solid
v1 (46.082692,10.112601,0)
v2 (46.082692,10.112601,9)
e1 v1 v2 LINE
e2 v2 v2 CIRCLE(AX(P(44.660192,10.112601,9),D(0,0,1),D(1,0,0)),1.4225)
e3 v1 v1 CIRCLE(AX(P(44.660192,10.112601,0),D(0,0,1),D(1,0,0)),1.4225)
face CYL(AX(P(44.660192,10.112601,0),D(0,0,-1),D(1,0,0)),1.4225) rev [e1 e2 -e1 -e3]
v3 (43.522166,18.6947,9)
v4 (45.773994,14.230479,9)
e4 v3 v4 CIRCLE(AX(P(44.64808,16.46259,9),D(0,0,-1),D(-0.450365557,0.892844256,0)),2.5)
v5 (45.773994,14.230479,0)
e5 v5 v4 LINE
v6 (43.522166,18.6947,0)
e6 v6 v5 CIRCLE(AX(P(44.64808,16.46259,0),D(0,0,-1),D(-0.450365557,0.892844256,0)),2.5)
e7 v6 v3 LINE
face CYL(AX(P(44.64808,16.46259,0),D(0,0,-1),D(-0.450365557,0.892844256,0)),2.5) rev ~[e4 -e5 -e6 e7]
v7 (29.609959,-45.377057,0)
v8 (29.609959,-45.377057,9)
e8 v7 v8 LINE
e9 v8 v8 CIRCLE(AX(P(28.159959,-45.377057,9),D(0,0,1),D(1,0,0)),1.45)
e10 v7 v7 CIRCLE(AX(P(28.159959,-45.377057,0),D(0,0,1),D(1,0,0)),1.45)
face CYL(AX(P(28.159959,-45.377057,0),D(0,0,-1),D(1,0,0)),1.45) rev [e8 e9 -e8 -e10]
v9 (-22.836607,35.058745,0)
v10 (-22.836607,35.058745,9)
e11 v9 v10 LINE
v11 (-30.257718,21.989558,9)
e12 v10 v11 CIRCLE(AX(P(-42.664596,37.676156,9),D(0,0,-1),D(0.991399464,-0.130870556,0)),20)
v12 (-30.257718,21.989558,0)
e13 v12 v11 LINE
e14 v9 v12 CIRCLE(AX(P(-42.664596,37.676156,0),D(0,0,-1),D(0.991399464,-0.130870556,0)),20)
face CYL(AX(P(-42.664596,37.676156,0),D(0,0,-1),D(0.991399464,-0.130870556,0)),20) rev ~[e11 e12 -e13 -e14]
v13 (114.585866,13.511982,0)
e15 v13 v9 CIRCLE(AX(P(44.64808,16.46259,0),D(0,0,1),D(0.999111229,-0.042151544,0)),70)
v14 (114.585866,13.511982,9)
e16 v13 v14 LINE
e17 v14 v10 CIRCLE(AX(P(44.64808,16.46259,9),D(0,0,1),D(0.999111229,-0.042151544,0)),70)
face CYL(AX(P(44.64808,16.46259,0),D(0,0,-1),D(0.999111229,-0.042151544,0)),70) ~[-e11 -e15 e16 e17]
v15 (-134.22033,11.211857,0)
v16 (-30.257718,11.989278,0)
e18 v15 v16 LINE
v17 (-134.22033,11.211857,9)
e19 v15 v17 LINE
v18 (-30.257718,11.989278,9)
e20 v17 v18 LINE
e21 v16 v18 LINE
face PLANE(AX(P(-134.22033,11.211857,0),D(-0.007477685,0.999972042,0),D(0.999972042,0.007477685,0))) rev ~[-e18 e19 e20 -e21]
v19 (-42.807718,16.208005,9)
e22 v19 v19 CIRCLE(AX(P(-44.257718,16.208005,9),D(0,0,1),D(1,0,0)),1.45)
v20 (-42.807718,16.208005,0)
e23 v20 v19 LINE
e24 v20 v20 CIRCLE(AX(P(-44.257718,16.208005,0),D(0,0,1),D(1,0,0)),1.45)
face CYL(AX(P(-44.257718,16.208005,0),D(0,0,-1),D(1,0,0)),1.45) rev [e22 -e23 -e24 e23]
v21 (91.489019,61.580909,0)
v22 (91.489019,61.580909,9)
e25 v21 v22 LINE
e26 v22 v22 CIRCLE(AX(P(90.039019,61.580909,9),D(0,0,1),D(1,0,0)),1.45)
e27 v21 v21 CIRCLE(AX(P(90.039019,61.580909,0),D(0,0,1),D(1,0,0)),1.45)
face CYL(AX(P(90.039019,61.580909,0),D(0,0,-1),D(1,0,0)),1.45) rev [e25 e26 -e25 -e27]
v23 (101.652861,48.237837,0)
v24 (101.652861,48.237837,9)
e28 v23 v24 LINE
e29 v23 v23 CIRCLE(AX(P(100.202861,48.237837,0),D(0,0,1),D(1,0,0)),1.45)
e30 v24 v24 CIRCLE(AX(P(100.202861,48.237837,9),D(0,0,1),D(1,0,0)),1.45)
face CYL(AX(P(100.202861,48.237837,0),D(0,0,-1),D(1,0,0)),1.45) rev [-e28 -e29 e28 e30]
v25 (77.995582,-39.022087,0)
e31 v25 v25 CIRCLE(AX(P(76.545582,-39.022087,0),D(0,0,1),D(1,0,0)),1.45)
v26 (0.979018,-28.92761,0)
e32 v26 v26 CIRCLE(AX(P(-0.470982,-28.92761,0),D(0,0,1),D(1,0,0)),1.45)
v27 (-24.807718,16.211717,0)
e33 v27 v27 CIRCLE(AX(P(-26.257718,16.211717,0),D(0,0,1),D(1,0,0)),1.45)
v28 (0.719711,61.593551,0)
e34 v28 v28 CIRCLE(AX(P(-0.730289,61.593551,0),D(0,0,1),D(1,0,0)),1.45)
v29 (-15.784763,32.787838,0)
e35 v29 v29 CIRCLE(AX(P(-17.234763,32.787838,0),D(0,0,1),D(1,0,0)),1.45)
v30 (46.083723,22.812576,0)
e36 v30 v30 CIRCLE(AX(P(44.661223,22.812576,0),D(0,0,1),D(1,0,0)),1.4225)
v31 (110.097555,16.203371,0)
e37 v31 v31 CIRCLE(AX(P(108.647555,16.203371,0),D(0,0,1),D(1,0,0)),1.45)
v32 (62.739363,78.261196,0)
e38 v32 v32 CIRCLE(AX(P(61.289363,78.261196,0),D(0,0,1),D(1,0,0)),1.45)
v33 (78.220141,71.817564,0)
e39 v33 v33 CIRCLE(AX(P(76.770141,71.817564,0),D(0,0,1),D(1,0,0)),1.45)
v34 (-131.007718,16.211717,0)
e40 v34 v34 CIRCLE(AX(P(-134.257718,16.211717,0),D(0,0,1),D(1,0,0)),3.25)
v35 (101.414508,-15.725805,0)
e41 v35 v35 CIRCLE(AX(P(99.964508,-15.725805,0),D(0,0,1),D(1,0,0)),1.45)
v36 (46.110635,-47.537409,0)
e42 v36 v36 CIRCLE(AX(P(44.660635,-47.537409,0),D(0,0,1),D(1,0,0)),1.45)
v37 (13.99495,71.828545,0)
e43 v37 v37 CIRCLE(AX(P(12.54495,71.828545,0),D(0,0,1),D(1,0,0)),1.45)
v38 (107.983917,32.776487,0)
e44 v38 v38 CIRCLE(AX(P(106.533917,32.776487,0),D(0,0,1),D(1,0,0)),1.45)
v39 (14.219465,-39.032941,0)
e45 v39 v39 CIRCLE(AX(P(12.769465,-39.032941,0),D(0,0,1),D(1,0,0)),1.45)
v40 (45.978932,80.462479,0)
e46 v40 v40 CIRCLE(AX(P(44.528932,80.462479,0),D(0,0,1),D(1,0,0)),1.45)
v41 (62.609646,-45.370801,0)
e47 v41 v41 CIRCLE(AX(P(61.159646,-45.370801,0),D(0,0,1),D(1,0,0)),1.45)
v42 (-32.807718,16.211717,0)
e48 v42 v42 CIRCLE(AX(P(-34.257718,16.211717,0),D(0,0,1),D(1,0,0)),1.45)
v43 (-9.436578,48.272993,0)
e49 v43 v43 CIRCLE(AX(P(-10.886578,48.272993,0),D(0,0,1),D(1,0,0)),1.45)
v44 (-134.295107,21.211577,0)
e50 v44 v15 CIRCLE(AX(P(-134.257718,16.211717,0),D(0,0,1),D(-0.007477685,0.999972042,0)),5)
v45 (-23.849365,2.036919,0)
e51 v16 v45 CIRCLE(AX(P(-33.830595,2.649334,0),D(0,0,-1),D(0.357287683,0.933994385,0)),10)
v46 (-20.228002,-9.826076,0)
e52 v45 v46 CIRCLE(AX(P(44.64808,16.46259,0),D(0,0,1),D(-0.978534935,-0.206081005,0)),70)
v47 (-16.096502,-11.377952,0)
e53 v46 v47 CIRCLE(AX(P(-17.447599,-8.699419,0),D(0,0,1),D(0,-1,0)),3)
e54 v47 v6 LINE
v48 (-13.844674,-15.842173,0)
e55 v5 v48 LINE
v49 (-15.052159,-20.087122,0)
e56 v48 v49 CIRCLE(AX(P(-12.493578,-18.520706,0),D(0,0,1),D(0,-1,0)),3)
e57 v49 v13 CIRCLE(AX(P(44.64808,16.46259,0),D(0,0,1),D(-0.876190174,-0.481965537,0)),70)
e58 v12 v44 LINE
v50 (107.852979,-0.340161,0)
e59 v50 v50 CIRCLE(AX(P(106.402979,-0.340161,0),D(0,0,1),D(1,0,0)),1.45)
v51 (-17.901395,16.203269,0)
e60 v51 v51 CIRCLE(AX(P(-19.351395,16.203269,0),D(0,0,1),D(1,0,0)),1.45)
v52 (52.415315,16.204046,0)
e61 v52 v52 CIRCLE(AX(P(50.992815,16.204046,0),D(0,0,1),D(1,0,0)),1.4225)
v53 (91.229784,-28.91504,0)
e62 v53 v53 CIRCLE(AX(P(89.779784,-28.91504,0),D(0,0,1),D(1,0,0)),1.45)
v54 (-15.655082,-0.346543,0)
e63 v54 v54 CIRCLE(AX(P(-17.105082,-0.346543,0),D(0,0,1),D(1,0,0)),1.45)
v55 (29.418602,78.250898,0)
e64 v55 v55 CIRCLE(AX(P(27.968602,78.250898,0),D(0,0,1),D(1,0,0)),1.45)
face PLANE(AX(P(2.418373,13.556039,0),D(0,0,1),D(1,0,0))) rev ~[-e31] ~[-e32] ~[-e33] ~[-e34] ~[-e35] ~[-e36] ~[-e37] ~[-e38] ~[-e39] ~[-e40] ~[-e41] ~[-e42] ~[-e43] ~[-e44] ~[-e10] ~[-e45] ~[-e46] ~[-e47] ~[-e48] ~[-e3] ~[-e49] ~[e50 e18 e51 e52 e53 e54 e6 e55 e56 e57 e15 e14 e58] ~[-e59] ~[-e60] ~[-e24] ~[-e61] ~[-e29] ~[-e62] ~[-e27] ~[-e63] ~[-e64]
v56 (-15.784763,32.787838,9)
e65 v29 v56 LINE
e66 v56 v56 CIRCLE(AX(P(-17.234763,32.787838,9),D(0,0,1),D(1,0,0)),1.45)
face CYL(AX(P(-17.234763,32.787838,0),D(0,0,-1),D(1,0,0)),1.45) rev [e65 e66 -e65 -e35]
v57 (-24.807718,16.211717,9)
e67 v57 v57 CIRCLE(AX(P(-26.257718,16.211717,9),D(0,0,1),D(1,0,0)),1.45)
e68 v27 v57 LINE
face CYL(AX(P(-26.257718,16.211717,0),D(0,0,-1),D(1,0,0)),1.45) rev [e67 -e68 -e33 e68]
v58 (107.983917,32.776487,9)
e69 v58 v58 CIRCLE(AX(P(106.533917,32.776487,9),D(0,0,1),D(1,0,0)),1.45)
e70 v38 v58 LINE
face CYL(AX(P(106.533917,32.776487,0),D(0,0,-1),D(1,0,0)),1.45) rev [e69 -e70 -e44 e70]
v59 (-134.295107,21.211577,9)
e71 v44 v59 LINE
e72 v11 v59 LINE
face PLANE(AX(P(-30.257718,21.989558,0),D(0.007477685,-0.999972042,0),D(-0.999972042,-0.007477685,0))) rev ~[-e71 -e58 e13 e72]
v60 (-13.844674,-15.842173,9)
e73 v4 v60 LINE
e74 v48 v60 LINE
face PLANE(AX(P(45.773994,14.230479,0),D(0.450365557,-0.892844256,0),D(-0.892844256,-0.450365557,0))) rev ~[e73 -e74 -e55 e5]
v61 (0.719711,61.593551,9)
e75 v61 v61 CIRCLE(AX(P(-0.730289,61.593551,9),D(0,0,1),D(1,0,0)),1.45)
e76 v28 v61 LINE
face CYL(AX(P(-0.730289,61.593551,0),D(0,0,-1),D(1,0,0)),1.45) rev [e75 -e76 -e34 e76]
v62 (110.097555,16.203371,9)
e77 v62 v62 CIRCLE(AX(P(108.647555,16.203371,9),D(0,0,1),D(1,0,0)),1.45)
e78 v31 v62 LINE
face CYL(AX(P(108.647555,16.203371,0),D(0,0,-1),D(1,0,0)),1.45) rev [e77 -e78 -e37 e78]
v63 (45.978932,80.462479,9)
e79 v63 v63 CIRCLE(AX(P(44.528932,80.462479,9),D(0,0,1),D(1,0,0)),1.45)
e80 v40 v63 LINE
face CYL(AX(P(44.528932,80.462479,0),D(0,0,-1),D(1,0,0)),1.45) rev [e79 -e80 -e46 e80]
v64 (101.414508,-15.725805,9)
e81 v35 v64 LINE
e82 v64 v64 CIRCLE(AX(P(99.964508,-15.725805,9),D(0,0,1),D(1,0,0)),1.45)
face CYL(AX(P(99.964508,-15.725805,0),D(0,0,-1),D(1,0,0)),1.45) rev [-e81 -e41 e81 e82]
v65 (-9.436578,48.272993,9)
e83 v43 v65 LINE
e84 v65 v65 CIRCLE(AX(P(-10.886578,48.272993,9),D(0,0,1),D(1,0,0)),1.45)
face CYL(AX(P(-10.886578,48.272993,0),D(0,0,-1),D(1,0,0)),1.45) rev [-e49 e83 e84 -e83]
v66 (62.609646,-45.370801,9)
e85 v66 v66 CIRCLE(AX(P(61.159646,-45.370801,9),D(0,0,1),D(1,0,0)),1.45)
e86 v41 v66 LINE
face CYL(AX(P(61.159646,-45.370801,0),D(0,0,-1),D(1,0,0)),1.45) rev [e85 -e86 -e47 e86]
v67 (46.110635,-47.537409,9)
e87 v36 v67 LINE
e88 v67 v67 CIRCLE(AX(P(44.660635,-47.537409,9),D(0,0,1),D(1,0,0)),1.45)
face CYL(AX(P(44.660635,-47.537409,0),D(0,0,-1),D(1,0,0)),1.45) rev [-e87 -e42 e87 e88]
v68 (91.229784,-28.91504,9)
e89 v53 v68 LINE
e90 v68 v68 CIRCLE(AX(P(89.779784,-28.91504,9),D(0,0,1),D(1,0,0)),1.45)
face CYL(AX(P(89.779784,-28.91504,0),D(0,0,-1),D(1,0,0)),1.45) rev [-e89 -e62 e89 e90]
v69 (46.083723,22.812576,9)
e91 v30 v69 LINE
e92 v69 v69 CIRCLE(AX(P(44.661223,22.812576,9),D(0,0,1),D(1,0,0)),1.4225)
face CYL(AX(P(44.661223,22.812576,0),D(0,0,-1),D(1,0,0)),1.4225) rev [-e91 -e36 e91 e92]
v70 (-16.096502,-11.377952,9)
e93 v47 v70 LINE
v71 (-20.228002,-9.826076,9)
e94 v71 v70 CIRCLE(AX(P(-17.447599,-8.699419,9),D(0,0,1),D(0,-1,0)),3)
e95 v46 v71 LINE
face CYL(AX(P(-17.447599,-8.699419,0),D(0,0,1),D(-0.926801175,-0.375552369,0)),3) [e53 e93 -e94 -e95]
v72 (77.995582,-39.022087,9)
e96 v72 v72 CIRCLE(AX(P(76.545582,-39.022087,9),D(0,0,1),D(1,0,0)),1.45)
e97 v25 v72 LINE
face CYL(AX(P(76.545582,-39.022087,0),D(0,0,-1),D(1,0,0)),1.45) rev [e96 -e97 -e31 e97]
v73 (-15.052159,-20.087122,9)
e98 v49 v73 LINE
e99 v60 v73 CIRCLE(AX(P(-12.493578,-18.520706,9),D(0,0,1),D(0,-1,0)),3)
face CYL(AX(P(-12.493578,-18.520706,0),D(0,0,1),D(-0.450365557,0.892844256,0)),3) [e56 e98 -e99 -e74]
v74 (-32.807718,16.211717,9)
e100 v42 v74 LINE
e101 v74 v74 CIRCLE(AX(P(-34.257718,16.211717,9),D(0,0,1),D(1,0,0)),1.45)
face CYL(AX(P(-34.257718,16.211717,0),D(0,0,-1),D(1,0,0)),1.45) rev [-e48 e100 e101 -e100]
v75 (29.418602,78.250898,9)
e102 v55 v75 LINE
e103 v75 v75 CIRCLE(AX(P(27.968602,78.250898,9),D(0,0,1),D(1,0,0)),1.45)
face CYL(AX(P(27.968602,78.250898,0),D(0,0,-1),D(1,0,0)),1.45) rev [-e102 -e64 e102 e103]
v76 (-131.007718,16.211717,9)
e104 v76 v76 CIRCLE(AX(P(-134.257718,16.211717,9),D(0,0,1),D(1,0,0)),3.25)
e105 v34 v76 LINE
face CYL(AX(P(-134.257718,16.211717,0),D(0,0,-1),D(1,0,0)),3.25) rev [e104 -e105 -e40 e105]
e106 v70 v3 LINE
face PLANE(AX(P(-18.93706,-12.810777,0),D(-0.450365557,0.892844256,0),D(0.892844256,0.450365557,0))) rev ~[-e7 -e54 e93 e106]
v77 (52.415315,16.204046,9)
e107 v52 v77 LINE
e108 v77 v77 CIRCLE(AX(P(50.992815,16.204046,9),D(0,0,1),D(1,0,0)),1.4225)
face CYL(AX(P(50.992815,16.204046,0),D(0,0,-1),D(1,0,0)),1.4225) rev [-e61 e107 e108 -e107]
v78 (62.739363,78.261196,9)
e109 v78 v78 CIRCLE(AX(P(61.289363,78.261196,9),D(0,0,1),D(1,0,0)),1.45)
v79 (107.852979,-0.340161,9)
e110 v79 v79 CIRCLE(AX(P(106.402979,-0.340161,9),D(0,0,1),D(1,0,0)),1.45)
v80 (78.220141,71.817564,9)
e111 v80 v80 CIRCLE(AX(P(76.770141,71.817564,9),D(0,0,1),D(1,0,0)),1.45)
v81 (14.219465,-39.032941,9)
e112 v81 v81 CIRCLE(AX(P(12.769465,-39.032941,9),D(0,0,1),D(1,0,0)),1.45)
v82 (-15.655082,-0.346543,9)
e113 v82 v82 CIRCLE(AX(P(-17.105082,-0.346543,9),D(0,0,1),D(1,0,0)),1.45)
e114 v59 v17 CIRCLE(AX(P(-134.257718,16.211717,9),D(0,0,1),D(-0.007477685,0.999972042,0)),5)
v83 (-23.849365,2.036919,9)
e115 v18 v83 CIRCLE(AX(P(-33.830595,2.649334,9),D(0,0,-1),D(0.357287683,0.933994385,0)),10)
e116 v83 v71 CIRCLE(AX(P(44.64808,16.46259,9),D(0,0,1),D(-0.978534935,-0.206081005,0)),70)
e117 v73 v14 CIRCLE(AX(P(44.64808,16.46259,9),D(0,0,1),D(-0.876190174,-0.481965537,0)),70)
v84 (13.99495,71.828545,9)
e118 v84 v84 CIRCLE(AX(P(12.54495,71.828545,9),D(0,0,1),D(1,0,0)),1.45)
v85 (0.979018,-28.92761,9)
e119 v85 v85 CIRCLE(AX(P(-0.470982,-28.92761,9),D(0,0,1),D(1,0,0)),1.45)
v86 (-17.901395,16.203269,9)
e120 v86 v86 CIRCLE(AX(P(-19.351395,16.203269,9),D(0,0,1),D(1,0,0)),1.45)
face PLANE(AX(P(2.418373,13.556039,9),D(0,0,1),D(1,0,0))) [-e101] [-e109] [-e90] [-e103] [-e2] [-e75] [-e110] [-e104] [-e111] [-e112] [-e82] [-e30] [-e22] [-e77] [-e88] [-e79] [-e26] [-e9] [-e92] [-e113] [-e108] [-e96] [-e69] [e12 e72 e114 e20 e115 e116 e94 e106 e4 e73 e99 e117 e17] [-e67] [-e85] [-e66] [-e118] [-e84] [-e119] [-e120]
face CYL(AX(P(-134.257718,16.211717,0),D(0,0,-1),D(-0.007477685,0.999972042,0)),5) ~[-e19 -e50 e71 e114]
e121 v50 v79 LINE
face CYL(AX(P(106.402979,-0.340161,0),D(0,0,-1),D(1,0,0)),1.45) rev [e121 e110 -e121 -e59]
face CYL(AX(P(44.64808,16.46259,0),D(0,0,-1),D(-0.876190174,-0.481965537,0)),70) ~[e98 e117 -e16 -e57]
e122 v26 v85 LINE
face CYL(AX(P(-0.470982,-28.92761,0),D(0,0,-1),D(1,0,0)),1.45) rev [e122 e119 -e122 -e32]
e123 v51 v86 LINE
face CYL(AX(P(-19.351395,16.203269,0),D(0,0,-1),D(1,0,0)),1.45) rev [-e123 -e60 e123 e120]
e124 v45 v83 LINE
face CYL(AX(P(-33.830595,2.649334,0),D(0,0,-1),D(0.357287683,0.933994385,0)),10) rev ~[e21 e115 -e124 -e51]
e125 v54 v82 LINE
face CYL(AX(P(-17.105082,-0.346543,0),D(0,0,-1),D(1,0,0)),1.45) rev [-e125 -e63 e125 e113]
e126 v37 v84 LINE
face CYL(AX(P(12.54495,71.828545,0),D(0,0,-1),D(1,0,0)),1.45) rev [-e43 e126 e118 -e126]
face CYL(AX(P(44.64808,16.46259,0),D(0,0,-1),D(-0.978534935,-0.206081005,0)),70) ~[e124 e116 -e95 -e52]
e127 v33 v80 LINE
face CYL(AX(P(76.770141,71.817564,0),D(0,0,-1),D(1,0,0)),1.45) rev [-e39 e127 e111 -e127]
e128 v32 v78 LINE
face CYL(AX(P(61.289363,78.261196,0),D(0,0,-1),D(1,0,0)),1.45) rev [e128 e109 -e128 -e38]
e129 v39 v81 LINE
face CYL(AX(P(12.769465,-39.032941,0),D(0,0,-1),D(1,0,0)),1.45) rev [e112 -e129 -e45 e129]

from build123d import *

# Parameters (mm, degrees)
SKETCH1_R           = 1.4225
SKETCH1_R_2         = 1.450000001
SKETCH1_R_3         = 3.250000001
SKETCH1_R_4         = 1.45
BOSS_EXTRUDE2_DEPTH = 9
FILLET1_R           = 3
FILLET2_R           = 3


with BuildPart() as part:
    # Sketch1 → Boss-Extrude2 (new body)
    with BuildSketch(Plane.XY):
        with BuildLine():
            Line((-134.22032992, 11.211856555), (-30.257718346, 11.989277985))
            ThreePointArc((-30.257718346, 11.989277985), (-25.422812351, 8.063130211), (-23.849365383, 2.036919381))
            ThreePointArc((-23.849365383, 2.036919381), (-21.809168303, -5.524545992), (-18.937059892, -12.810776569))
            Line((-18.937059892, -12.810776569), (43.522166186, 18.694700379))
            ThreePointArc((43.522166186, 18.694700379), (46.880190718, 17.588503631), (45.77399397, 14.230479099))
            Line((45.77399397, 14.230479099), (-16.685232108, -17.274997849))
            ThreePointArc((-16.685232108, -17.274997849), (60.631470485, -51.68820799), (114.585866087, 13.511981637))
            ThreePointArc((114.585866087, 13.511981637), (55.491058325, 85.617703959), (-22.83660712, 35.058745089))
            ThreePointArc((-22.83660712, 35.058745089), (-25.272857454, 27.800559204), (-30.257718346, 21.989557576))
            Line((-30.257718346, 21.989557576), (-134.295106773, 21.211576972))
            ThreePointArc((-134.295106773, 21.211576972), (-139.257578555, 16.174328337), (-134.22032992, 11.211856555))
        make_face()
        with Locations((44.661222783, 22.812576138)):
            Circle(SKETCH1_R, mode=Mode.SUBTRACT)
        with Locations((-17.105082345, -0.346542621)):
            Circle(SKETCH1_R_2, mode=Mode.SUBTRACT)
        with Locations((-134.257718346, 16.211716764)):
            Circle(SKETCH1_R_3, mode=Mode.SUBTRACT)
        with Locations((-17.234763001, 32.78783805)):
            Circle(SKETCH1_R_2, mode=Mode.SUBTRACT)
        with Locations((-10.886578119, 48.272992738)):
            Circle(SKETCH1_R_2, mode=Mode.SUBTRACT)
        with Locations((-19.351394551, 16.203268944)):
            Circle(SKETCH1_R_2, mode=Mode.SUBTRACT)
        with Locations((-44.257717657, 16.208005084)):
            Circle(SKETCH1_R_4, mode=Mode.SUBTRACT)
        with Locations((-34.257718346, 16.211716764)):
            Circle(SKETCH1_R_4, mode=Mode.SUBTRACT)
        with Locations((-26.257718346, 16.211716764)):
            Circle(SKETCH1_R_4, mode=Mode.SUBTRACT)
        with Locations((50.992814526, 16.20404615)):
            Circle(SKETCH1_R, mode=Mode.SUBTRACT)
        with Locations((44.66019165, 10.112601289)):
            Circle(SKETCH1_R, mode=Mode.SUBTRACT)
        with Locations((106.402979176, -0.340161148)):
            Circle(SKETCH1_R_2, mode=Mode.SUBTRACT)
        with Locations((99.964508374, -15.725805073)):
            Circle(SKETCH1_R_2, mode=Mode.SUBTRACT)
        with Locations((89.779783974, -28.915040251)):
            Circle(SKETCH1_R_2, mode=Mode.SUBTRACT)
        with Locations((76.545581676, -39.022087351)):
            Circle(SKETCH1_R_2, mode=Mode.SUBTRACT)
        with Locations((61.159646121, -45.37080081)):
            Circle(SKETCH1_R_2, mode=Mode.SUBTRACT)
        with Locations((44.660635327, -47.53740903)):
            Circle(SKETCH1_R_2, mode=Mode.SUBTRACT)
        with Locations((28.159958748, -45.377056565)):
            Circle(SKETCH1_R_2, mode=Mode.SUBTRACT)
        with Locations((12.769465369, -39.03294093)):
            Circle(SKETCH1_R_2, mode=Mode.SUBTRACT)
        with Locations((-0.470981954, -28.927610099)):
            Circle(SKETCH1_R_2, mode=Mode.SUBTRACT)
        with Locations((-0.73028884, 61.593550668)):
            Circle(SKETCH1_R_2, mode=Mode.SUBTRACT)
        with Locations((12.544950118, 71.828545405)):
            Circle(SKETCH1_R_2, mode=Mode.SUBTRACT)
        with Locations((27.96860152, 78.250897654)):
            Circle(SKETCH1_R_2, mode=Mode.SUBTRACT)
        with Locations((44.528931823, 80.46247883)):
            Circle(SKETCH1_R_2, mode=Mode.SUBTRACT)
        with Locations((61.289362626, 78.261195833)):
            Circle(SKETCH1_R_2, mode=Mode.SUBTRACT)
        with Locations((76.770141151, 71.817564153)):
            Circle(SKETCH1_R_2, mode=Mode.SUBTRACT)
        with Locations((90.039018635, 61.580908601)):
            Circle(SKETCH1_R_2, mode=Mode.SUBTRACT)
        with Locations((100.202860624, 48.237837315)):
            Circle(SKETCH1_R_2, mode=Mode.SUBTRACT)
        with Locations((106.533916616, 32.776486758)):
            Circle(SKETCH1_R_2, mode=Mode.SUBTRACT)
        with Locations((108.64755512, 16.203371079)):
            Circle(SKETCH1_R_2, mode=Mode.SUBTRACT)
    extrude(amount=BOSS_EXTRUDE2_DEPTH)

    # Fillet1
    fillet1_edges = [part.edges().sort_by_distance(p)[0] for p in [
        (-18.937059892, -12.810776569, 4.5),
    ]]
    fillet(fillet1_edges, radius=FILLET1_R)

    # Fillet2
    fillet2_edges = [part.edges().sort_by_distance(p)[0] for p in [
        (-16.685232108, -17.274997849, 4.5),
    ]]
    fillet(fillet2_edges, radius=FILLET2_R)


solid = part.part
